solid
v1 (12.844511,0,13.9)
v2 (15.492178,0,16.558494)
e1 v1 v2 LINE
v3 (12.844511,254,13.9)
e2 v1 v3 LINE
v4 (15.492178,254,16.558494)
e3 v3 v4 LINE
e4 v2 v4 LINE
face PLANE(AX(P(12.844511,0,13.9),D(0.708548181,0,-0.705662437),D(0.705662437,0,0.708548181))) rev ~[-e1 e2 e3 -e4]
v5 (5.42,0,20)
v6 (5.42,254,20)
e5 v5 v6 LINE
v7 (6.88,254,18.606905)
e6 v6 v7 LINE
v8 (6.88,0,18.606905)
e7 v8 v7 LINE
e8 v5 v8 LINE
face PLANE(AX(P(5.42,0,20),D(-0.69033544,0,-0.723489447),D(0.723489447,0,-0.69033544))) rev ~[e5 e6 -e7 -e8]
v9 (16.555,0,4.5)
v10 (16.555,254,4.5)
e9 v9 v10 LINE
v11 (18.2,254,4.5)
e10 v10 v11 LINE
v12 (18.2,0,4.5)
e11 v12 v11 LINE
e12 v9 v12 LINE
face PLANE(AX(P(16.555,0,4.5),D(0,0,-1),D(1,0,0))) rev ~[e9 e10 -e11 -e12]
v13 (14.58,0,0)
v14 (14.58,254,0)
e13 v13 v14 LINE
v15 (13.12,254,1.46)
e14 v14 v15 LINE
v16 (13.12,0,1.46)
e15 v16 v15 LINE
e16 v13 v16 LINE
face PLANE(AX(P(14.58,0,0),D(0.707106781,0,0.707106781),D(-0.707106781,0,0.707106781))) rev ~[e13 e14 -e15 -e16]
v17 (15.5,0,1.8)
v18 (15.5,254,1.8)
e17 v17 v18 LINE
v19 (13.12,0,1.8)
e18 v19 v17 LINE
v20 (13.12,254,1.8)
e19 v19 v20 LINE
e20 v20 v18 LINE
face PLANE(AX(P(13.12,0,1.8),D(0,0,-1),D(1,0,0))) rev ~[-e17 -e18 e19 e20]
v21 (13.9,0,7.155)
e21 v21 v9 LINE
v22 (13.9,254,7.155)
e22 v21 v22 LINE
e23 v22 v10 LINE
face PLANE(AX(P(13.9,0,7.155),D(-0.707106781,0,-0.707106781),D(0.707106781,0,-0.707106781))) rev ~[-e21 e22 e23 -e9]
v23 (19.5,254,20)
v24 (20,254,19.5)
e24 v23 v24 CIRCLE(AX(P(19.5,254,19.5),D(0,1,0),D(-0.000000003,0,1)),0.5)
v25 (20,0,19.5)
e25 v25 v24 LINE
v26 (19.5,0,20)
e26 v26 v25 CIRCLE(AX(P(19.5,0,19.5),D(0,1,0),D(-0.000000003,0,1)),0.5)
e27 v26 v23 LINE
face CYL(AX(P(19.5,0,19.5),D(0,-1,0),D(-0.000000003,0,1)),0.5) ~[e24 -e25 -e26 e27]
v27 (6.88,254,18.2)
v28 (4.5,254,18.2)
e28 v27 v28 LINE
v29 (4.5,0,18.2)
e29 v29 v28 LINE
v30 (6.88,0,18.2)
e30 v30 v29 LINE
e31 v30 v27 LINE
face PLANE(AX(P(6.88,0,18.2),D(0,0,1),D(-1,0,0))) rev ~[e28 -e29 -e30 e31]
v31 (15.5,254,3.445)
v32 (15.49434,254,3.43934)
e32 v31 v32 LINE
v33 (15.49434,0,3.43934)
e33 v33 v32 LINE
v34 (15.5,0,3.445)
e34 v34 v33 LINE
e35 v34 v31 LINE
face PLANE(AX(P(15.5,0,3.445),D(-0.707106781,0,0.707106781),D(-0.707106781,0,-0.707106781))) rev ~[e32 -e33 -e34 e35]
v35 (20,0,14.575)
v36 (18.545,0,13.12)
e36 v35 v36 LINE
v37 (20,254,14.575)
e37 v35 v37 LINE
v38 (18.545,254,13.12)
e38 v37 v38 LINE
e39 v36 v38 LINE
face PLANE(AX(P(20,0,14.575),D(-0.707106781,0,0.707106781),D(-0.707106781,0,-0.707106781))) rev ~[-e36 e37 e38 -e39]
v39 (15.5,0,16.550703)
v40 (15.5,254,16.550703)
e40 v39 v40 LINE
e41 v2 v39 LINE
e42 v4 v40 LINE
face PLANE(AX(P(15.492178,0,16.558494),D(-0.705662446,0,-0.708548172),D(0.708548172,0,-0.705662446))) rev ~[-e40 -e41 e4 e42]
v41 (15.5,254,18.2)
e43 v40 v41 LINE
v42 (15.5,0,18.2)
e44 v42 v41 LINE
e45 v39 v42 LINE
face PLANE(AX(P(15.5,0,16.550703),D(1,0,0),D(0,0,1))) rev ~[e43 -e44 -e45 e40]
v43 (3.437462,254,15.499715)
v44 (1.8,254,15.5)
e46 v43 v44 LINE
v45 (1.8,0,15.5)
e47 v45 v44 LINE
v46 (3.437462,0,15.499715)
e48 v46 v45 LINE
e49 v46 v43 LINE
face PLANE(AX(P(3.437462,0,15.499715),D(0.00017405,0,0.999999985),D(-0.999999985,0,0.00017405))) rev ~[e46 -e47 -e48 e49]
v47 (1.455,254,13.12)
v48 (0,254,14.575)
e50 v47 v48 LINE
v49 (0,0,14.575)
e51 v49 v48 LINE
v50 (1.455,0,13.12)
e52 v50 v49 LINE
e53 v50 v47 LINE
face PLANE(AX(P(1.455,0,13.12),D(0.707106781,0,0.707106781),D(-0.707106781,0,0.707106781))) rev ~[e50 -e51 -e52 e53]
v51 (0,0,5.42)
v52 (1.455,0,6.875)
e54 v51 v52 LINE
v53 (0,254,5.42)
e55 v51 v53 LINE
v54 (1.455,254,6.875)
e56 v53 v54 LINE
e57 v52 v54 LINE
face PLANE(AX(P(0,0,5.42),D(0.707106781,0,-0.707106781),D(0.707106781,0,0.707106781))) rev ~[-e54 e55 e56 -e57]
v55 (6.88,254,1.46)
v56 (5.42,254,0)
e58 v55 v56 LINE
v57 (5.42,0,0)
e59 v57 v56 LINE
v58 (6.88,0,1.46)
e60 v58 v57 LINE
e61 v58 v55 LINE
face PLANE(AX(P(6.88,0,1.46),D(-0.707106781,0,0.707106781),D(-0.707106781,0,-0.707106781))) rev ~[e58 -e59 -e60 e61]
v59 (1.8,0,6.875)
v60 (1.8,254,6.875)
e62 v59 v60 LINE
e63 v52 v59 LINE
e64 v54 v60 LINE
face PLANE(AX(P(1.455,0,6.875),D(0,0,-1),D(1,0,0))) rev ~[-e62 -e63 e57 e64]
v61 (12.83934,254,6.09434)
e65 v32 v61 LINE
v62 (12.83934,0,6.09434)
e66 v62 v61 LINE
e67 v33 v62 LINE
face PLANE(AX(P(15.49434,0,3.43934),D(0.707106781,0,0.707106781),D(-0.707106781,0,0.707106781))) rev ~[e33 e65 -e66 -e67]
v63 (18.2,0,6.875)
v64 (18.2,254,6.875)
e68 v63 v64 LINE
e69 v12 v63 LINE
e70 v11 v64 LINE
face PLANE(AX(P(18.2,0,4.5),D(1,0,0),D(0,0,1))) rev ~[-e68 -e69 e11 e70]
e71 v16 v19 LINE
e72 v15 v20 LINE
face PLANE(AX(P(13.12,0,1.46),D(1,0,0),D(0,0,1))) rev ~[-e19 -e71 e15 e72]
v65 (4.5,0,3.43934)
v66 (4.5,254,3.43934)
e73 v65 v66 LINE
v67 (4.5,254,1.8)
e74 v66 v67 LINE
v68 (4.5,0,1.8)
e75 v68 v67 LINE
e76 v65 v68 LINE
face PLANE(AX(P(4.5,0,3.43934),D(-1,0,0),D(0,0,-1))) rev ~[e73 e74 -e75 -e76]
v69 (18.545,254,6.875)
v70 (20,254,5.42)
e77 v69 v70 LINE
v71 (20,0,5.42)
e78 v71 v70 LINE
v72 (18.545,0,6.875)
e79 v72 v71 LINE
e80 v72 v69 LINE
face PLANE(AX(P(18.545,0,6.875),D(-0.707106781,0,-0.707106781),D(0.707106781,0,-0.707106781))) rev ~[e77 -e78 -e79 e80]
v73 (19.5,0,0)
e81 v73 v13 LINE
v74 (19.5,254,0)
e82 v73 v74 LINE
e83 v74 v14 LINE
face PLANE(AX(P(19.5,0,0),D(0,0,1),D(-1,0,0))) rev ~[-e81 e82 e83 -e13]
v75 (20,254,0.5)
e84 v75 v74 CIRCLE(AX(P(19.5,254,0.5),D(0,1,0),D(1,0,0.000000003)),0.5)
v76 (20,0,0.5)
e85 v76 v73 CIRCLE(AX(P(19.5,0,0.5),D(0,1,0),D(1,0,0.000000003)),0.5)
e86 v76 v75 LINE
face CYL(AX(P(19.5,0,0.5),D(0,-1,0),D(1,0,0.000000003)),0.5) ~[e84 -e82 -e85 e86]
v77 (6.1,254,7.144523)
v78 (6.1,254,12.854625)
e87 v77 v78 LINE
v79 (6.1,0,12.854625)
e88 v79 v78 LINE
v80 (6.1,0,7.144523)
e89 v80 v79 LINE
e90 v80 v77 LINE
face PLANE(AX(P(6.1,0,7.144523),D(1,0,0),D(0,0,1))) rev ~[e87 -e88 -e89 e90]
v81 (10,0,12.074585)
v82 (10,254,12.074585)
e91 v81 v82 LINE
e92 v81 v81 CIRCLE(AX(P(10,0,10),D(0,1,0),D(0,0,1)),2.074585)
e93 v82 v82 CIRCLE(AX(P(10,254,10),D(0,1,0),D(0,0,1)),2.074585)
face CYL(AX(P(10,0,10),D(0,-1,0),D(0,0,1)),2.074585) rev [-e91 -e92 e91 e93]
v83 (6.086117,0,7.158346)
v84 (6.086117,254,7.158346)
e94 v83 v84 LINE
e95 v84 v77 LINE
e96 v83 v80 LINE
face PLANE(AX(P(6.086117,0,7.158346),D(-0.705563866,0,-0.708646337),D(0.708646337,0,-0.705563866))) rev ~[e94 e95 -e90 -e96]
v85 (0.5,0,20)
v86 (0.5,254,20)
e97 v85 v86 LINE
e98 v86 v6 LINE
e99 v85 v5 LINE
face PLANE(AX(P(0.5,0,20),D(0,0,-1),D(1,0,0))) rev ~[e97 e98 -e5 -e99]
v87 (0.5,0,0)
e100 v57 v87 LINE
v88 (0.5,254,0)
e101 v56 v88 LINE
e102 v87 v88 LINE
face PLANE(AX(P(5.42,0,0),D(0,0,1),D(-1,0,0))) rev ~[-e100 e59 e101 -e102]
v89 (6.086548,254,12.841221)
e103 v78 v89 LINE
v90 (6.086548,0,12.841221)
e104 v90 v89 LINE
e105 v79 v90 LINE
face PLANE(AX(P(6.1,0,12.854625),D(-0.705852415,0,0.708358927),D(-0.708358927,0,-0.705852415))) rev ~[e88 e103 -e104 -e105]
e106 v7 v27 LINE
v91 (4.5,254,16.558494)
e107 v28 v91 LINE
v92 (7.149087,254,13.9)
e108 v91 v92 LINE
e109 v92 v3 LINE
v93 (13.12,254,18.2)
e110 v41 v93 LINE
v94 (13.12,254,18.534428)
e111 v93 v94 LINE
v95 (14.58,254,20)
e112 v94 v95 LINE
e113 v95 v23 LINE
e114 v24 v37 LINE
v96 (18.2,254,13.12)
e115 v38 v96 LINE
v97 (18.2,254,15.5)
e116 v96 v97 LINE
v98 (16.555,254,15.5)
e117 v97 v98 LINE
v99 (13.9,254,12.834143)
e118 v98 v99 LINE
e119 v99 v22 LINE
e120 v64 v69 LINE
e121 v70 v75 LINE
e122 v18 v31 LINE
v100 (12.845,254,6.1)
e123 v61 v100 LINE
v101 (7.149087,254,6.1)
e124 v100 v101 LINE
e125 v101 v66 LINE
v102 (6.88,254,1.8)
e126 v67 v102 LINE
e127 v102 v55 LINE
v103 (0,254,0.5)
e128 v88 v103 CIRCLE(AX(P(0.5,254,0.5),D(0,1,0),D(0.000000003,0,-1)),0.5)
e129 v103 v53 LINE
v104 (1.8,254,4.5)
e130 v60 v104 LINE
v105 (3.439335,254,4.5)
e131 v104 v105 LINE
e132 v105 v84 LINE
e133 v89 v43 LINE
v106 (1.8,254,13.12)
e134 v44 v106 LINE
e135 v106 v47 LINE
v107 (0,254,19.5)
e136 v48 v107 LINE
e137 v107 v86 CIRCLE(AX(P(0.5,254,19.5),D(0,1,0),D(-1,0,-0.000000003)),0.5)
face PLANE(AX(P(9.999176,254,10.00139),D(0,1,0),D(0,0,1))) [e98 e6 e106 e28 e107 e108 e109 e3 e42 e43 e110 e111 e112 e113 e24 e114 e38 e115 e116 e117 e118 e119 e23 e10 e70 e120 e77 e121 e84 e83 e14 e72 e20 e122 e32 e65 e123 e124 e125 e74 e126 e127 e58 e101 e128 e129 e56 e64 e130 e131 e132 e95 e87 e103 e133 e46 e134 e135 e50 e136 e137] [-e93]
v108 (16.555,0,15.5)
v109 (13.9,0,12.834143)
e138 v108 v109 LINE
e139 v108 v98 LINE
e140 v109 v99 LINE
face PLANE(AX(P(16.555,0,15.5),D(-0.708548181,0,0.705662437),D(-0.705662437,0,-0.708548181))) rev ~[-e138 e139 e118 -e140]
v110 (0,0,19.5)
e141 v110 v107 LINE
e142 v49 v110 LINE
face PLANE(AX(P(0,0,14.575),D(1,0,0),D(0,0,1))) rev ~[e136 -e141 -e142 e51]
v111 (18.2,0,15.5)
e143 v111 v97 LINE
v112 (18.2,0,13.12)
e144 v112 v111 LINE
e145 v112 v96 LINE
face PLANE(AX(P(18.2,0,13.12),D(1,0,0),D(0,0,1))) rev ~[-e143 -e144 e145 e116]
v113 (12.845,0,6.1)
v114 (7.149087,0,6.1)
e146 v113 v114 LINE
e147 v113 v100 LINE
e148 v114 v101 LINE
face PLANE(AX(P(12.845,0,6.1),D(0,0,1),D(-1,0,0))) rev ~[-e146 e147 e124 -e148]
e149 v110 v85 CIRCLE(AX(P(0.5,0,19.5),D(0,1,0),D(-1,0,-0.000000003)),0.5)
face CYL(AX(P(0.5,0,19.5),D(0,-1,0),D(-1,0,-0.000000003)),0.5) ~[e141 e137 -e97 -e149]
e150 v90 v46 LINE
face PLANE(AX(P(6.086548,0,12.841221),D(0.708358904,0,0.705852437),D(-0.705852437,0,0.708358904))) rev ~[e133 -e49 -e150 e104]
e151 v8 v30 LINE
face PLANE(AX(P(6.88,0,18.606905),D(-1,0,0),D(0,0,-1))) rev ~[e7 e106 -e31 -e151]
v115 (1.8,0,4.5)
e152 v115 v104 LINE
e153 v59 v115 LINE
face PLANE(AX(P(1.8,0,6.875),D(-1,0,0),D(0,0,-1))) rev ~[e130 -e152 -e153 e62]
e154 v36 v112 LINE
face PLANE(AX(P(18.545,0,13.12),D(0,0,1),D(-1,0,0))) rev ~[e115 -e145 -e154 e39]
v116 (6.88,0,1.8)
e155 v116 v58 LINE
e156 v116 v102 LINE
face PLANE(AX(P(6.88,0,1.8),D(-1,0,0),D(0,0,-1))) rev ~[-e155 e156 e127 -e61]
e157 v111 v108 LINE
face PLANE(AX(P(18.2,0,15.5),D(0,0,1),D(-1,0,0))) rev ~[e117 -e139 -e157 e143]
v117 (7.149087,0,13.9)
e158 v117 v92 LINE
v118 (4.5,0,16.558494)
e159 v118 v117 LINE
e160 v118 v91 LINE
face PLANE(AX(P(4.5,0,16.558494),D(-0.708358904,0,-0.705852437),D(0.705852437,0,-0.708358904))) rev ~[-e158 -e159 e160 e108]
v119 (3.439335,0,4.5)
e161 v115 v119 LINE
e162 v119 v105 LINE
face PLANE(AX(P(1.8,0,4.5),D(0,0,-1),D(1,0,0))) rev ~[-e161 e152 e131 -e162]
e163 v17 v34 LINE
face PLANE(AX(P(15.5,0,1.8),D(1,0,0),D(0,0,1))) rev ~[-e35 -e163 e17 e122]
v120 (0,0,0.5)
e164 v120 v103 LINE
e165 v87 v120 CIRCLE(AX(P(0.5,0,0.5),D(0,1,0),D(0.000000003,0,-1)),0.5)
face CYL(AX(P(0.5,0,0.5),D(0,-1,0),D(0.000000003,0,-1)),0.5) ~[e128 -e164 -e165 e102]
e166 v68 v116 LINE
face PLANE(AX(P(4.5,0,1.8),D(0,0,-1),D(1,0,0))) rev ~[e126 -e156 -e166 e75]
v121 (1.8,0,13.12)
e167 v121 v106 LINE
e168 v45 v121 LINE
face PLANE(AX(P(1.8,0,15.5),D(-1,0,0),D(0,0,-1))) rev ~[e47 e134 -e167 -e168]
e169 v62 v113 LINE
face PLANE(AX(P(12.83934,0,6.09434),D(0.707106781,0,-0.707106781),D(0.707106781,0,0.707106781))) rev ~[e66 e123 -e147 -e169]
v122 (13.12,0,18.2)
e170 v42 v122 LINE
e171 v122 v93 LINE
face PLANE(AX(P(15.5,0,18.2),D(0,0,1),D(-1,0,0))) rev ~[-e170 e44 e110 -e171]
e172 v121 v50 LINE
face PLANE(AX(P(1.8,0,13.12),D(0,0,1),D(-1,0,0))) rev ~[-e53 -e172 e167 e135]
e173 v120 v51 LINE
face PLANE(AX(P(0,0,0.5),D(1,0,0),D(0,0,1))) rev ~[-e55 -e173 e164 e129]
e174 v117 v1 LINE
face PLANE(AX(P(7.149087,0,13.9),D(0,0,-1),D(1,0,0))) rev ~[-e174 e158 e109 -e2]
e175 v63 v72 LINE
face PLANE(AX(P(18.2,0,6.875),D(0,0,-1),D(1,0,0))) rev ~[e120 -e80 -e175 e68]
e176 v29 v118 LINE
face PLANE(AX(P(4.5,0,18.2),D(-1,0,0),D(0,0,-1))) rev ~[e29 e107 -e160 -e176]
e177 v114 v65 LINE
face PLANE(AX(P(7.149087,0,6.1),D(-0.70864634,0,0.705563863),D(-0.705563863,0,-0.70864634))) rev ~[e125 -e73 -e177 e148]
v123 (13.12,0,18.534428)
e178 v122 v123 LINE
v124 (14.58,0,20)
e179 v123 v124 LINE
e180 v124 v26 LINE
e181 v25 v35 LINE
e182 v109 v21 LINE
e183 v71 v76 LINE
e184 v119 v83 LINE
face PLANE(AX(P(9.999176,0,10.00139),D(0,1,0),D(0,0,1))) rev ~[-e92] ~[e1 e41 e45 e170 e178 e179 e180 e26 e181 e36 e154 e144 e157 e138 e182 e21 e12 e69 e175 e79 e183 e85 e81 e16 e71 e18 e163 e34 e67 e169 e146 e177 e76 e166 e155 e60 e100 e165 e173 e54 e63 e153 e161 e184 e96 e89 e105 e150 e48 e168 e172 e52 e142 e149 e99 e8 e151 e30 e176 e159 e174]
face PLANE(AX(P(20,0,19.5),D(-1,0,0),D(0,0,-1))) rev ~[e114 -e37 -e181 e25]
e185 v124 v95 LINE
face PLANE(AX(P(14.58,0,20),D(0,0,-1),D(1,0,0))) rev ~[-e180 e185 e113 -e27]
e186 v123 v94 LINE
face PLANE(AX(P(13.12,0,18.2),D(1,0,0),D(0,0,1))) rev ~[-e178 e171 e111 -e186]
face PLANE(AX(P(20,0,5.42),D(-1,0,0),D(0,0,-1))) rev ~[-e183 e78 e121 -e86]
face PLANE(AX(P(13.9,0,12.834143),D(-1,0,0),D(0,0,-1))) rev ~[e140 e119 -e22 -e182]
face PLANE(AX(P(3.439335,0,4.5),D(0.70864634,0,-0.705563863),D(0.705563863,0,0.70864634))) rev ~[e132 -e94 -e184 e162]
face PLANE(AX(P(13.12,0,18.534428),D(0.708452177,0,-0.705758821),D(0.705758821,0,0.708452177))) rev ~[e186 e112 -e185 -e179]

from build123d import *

# Parameters (mm, degrees)
SKETCH2_R              = 2.074585303
VSLOT2020_2020_5_DEPTH = 254


with BuildPart() as part:
    # Sketch2 → Vslot2020 2020(5) (new body)
    with BuildSketch(Plane.ZX):
        with BuildLine():
            Line((13.9, 7.149086807), (13.9, 12.844511469))
            Line((13.9, 12.844511469), (16.558493656, 15.492177728))
            Line((16.558493656, 15.492177728), (16.550703242, 15.5))
            Line((16.550703242, 15.5), (18.2, 15.5))
            Line((18.2, 15.5), (18.2, 13.12))
            Line((18.2, 13.12), (18.534428266, 13.12))
            Line((18.534428266, 13.12), (20, 14.58))
            Line((20, 14.58), (20, 19.5))
            ThreePointArc((20, 19.5), (19.853553391, 19.853553391), (19.5, 20))
            Line((19.5, 20), (14.575, 20))
            Line((14.575, 20), (13.12, 18.545))
            Line((13.12, 18.545), (13.12, 18.2))
            Line((13.12, 18.2), (15.5, 18.2))
            Line((15.5, 18.2), (15.5, 16.555))
            Line((15.5, 16.555), (12.834142613, 13.9))
            Line((12.834142613, 13.9), (7.155, 13.9))
            Line((7.155, 13.9), (4.5, 16.555))
            Line((4.5, 16.555), (4.5, 18.2))
            Line((4.5, 18.2), (6.875, 18.2))
            Line((6.875, 18.2), (6.875, 18.545))
            Line((6.875, 18.545), (5.42, 20))
            Line((5.42, 20), (0.5, 20))
            ThreePointArc((0.5, 20), (0.146446609, 19.853553391), (0, 19.5))
            Line((0, 19.5), (0, 14.58))
            Line((0, 14.58), (1.46, 13.12))
            Line((1.46, 13.12), (1.8, 13.12))
            Line((1.8, 13.12), (1.8, 15.5))
            Line((1.8, 15.5), (3.445, 15.5))
            Line((3.445, 15.5), (3.439339828, 15.494339828))
            Line((3.439339828, 15.494339828), (6.094339828, 12.839339828))
            Line((6.094339828, 12.839339828), (6.1, 12.845))
            Line((6.1, 12.845), (6.1, 7.149086807))
            Line((6.1, 7.149086807), (3.439339828, 4.5))
            Line((3.439339828, 4.5), (1.8, 4.5))
            Line((1.8, 4.5), (1.8, 6.88))
            Line((1.8, 6.88), (1.46, 6.88))
            Line((1.46, 6.88), (0, 5.42))
            Line((0, 5.42), (0, 0.5))
            ThreePointArc((0, 0.5), (0.146446609, 0.146446609), (0.5, 0))
            Line((0.5, 0), (5.42, 0))
            Line((5.42, 0), (6.875, 1.455))
            Line((6.875, 1.455), (6.875, 1.8))
            Line((6.875, 1.8), (4.5, 1.8))
            Line((4.5, 1.8), (4.5, 3.4393348))
            Line((4.5, 3.4393348), (7.158345795, 6.086117297))
            Line((7.158345795, 6.086117297), (7.144523479, 6.1))
            Line((7.144523479, 6.1), (12.854625295, 6.1))
            Line((12.854625295, 6.1), (12.841221344, 6.086548451))
            Line((12.841221344, 6.086548451), (15.499715, 3.437461644))
            Line((15.499715, 3.437461644), (15.5, 1.8))
            Line((15.5, 1.8), (13.12, 1.8))
            Line((13.12, 1.8), (13.12, 1.455))
            Line((13.12, 1.455), (14.575, 0))
            Line((14.575, 0), (19.5, 0))
            ThreePointArc((19.5, 0), (19.853553391, 0.146446609), (20, 0.5))
            Line((20, 0.5), (20, 5.42))
            Line((20, 5.42), (18.606904708, 6.88))
            Line((18.606904708, 6.88), (18.2, 6.88))
            Line((18.2, 6.88), (18.2, 4.5))
            Line((18.2, 4.5), (16.558493656, 4.5))
            Line((16.558493656, 4.5), (13.9, 7.149086807))
        make_face()
        with Locations((10, 10)):
            Circle(SKETCH2_R, mode=Mode.SUBTRACT)
    extrude(amount=VSLOT2020_2020_5_DEPTH)


solid = part.part
